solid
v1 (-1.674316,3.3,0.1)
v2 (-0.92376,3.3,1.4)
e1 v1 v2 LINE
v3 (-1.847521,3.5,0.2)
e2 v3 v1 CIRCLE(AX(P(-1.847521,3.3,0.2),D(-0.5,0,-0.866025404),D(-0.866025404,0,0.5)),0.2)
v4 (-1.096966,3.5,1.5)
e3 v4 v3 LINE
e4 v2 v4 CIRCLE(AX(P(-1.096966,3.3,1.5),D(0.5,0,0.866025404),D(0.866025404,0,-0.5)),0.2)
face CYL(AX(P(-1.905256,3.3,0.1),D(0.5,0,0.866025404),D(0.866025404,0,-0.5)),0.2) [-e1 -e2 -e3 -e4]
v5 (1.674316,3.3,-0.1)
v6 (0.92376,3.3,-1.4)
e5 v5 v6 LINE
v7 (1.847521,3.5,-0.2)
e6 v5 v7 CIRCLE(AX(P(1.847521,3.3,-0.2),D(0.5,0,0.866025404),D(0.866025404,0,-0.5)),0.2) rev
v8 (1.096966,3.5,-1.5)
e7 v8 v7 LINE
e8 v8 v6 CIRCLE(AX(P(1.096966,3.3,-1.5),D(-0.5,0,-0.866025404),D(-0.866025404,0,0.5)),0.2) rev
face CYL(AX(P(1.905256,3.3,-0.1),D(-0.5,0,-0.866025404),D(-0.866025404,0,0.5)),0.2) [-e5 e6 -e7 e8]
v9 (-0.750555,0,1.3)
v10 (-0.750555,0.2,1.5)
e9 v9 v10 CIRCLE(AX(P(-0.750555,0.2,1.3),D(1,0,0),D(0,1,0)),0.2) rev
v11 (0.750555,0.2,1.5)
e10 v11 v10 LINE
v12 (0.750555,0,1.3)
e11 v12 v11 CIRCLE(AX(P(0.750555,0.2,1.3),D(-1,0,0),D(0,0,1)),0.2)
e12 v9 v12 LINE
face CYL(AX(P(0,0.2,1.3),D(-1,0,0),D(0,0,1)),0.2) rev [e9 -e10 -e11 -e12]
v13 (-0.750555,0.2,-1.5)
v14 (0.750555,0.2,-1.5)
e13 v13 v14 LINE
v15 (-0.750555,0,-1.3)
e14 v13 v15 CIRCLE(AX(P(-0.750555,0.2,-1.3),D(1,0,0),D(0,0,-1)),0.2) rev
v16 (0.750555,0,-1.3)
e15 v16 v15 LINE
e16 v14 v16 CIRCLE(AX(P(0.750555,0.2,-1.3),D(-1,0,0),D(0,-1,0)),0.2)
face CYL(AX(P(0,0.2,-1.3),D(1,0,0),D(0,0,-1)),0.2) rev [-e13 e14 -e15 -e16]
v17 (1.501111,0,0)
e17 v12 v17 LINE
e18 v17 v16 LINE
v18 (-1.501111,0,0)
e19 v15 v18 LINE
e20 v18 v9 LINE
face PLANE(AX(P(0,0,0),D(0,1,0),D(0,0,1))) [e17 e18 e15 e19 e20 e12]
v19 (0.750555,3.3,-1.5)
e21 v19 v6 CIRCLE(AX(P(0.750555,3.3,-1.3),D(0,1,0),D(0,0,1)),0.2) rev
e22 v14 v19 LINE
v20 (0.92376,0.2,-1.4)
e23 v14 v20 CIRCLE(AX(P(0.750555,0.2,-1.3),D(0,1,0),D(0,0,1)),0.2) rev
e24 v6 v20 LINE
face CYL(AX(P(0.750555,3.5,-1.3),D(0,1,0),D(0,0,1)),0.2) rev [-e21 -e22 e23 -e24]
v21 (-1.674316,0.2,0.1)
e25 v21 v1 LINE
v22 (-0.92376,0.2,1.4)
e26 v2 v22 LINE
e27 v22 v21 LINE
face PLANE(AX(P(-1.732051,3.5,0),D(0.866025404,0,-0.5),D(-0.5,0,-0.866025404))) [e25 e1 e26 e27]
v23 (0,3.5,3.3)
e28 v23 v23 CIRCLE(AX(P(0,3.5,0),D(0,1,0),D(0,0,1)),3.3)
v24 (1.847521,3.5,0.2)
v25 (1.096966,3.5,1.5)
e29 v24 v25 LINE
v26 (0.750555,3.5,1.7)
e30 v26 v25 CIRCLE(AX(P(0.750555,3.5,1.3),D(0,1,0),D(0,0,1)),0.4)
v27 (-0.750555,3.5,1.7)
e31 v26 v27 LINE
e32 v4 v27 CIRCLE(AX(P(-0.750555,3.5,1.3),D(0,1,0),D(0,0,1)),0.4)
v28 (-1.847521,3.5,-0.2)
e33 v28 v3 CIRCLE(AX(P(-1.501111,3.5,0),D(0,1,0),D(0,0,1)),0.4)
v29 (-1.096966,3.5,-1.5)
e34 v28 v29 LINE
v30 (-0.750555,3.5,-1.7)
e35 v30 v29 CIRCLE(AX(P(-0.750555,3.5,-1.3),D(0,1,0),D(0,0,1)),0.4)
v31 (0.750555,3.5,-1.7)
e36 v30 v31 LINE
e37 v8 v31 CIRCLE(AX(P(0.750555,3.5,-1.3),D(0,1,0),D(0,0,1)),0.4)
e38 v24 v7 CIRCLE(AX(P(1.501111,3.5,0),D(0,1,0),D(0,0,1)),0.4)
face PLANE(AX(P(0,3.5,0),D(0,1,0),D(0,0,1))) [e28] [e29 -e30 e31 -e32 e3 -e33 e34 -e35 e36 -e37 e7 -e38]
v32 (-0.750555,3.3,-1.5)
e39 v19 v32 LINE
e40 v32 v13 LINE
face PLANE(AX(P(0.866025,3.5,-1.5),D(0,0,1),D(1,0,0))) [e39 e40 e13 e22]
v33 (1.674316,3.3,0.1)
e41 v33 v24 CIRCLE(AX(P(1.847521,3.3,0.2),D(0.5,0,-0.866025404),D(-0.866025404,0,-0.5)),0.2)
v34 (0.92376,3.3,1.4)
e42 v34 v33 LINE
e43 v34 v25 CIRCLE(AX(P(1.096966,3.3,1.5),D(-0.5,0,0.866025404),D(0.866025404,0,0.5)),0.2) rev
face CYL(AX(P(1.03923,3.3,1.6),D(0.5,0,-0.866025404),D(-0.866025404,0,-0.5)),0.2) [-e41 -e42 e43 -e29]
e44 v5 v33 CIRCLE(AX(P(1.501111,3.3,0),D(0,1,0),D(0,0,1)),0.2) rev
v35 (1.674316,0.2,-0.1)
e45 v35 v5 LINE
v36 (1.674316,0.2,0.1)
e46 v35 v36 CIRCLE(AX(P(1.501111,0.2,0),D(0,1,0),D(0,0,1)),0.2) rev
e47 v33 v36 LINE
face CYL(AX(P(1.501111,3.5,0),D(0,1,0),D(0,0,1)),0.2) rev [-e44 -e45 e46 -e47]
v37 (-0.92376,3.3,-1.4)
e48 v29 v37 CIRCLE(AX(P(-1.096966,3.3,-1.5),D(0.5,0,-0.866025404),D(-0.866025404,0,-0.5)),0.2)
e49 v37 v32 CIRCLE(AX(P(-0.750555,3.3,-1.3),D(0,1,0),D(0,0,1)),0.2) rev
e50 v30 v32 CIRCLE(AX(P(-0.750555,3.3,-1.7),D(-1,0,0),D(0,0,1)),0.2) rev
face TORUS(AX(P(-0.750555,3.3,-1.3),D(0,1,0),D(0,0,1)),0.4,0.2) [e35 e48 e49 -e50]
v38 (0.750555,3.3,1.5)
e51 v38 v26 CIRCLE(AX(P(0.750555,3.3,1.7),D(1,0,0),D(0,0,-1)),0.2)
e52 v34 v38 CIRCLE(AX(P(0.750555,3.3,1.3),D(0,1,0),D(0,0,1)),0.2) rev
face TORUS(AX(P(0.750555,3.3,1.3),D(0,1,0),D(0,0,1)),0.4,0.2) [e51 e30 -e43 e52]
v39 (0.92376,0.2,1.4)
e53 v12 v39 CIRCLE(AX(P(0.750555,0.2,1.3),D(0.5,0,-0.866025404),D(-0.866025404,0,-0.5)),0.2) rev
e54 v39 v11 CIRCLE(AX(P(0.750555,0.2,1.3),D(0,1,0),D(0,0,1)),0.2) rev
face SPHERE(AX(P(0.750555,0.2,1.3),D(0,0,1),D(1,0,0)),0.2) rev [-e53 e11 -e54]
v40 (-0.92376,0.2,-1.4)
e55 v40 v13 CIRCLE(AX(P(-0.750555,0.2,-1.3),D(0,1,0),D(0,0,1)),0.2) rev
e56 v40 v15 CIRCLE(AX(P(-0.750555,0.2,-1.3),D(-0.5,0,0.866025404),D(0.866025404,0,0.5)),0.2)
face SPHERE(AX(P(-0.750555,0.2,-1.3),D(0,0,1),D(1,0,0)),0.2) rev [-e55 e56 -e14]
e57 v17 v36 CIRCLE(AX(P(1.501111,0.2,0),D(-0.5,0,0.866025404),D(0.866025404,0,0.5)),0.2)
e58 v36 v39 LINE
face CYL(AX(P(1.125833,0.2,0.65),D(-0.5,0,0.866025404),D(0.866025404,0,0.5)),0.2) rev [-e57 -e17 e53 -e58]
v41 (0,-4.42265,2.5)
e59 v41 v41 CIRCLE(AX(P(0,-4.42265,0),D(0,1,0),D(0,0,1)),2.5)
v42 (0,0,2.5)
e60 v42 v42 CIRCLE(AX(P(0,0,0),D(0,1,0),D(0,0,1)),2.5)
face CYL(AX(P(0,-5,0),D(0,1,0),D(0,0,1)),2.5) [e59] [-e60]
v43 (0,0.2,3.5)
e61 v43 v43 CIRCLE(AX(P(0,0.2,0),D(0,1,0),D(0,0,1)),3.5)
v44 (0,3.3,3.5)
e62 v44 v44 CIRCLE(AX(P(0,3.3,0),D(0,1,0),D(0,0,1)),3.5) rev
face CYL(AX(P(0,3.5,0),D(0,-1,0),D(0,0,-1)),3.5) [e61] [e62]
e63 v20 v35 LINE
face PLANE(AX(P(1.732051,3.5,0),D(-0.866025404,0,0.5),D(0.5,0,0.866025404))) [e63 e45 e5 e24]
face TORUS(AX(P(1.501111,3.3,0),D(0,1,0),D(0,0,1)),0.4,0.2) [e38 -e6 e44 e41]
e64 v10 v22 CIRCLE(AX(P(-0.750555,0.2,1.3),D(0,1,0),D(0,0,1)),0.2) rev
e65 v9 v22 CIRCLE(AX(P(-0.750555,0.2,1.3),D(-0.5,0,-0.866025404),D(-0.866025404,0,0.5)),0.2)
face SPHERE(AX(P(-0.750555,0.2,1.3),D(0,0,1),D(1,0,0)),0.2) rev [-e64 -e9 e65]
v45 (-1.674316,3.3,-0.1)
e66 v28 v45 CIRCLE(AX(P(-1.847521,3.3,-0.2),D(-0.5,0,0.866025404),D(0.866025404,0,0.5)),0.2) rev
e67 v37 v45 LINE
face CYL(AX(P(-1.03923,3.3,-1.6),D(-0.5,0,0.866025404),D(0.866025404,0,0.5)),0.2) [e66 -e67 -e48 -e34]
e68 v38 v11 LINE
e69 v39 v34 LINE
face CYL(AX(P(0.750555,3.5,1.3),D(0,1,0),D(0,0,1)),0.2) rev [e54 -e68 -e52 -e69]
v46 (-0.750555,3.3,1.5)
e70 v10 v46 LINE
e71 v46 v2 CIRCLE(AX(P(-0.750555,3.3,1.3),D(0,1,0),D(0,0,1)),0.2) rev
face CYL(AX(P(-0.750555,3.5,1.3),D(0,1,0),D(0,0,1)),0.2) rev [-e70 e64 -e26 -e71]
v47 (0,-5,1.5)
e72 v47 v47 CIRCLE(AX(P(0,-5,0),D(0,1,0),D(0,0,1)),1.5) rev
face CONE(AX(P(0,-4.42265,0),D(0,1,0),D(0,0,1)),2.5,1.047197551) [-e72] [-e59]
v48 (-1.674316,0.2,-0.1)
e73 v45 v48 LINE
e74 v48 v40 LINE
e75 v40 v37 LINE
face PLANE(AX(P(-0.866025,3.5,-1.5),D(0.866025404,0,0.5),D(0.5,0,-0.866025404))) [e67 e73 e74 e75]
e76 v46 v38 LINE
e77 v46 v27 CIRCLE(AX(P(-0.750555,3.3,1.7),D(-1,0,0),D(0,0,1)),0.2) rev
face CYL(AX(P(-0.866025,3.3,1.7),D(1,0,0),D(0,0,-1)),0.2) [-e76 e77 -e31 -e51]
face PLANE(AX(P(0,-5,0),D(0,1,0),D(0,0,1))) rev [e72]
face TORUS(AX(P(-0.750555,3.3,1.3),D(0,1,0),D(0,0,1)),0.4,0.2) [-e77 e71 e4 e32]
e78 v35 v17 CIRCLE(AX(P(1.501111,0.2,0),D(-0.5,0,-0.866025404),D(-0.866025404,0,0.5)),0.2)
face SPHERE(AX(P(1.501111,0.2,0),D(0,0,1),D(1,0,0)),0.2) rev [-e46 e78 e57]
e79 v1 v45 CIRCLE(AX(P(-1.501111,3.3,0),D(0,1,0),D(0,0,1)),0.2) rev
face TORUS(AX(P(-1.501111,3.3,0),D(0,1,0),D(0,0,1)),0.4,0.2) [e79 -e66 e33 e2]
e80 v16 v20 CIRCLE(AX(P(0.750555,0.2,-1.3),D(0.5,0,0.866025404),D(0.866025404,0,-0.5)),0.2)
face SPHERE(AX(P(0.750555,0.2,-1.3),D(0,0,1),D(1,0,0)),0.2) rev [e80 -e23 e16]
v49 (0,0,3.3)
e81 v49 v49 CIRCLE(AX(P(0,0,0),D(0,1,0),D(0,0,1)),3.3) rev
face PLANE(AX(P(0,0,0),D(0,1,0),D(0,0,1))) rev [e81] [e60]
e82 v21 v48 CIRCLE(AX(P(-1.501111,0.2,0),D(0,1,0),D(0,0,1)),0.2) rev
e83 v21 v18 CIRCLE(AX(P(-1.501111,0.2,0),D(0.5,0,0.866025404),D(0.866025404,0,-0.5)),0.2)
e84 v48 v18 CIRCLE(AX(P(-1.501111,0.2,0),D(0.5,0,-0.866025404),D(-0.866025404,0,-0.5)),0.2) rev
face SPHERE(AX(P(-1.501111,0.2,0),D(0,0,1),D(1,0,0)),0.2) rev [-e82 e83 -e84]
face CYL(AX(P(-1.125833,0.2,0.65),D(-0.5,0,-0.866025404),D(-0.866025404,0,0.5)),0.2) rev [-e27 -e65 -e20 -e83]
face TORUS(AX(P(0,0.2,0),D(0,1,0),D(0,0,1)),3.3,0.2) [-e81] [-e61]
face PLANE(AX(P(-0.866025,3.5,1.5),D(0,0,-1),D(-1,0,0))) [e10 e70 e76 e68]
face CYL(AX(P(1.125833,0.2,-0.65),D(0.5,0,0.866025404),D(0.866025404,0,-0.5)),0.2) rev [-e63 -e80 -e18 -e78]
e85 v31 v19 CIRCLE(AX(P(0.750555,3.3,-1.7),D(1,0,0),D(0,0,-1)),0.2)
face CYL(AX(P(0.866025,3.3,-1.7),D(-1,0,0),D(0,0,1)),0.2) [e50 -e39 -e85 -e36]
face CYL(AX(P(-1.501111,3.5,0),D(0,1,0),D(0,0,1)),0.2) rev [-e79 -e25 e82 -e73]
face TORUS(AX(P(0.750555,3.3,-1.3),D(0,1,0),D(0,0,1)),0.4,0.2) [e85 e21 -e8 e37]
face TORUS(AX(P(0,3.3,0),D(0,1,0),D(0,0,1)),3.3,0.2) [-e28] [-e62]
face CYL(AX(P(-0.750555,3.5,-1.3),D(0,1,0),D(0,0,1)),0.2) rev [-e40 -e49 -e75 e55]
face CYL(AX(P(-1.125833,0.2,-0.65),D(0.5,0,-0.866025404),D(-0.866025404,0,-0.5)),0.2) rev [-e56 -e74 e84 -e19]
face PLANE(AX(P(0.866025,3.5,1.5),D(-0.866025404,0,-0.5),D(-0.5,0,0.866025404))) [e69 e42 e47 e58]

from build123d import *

# Parameters (mm, degrees)
HEAD_SKETCH_R                  = 3.5
HEAD_DEPTH                     = 3.5
THREADED_SECTION_STUB_SKETCH_R = 2.5
THREADED_SECTION_DEPTH         = 5
COSMETIC_FILLETS_R             = 0.2
BOTTOM_CHAMFER_SIZE            = 1
BOTTOM_CHAMFER_SIZE2           = 0.577350269


with BuildPart() as part:
    # Head Sketch → Head (new body)
    with BuildSketch(Plane(origin=(0, 0, 0), x_dir=(1, 0, 0), z_dir=(0, 1, 0))):
        with Locations(Location((0, 0, 0), (0, 0, 270))):
            Circle(HEAD_SKETCH_R)
        Polygon((-0.866025404, 1.5), (-1.732050808, 0), (-0.866025404, -1.5), (0.866025404, -1.5), (1.732050808, 0), (0.866025404, 1.5), align=None, mode=Mode.SUBTRACT)
    extrude(amount=HEAD_DEPTH)

    # Threaded Section Stub Sketch → Threaded Section (add)
    with BuildSketch(Plane(origin=(0, 0, 0), x_dir=(1, 0, 0), z_dir=(0, 1, 0))):
        with Locations(Location((0, 0, 0), (0, 0, 270))):
            Circle(THREADED_SECTION_STUB_SKETCH_R)
    extrude(amount=-THREADED_SECTION_DEPTH)

    # Cosmetic Fillets
    cosmetic_fillets_edges = [part.edges().sort_by_distance(p)[0] for p in [
        (-0.866025404, 1.75, -1.5),
        (-1.299038106, 0, 0.75),
        (-1.732050808, 1.75, 0),
        (0, 0, 1.5),
        (-0.866025404, 1.75, 1.5),
        (1.299038106, 0, 0.75),
        (0.866025404, 1.75, 1.5),
        (1.299038106, 0, -0.75),
        (1.732050808, 1.75, 0),
        (0, 3.5, -1.5),
        (-1.299038106, 3.5, -0.75),
        (-1.299038106, 3.5, 0.75),
        (0, 3.5, 1.5),
        (1.299038106, 3.5, 0.75),
        (1.299038106, 3.5, -0.75),
        (0, 0, -3.5),
        (0, 3.5, -3.5),
        (0, 0, -1.5),
        (0.866025404, 1.75, -1.5),
        (-1.299038106, 0, -0.75),
    ]]
    fillet(cosmetic_fillets_edges, radius=COSMETIC_FILLETS_R)

    # Bottom Chamfer
    bottom_chamfer_edges = [part.edges().sort_by_distance(p)[0] for p in [
        (0, -5, -2.5),
    ]]
    bottom_chamfer_side = [part.faces().sort_by_distance(p)[0] for p in [
        (0, -5, 0),
    ]]
    chamfer(bottom_chamfer_edges, length=BOTTOM_CHAMFER_SIZE, length2=BOTTOM_CHAMFER_SIZE2, reference=bottom_chamfer_side[0])


solid = part.part
